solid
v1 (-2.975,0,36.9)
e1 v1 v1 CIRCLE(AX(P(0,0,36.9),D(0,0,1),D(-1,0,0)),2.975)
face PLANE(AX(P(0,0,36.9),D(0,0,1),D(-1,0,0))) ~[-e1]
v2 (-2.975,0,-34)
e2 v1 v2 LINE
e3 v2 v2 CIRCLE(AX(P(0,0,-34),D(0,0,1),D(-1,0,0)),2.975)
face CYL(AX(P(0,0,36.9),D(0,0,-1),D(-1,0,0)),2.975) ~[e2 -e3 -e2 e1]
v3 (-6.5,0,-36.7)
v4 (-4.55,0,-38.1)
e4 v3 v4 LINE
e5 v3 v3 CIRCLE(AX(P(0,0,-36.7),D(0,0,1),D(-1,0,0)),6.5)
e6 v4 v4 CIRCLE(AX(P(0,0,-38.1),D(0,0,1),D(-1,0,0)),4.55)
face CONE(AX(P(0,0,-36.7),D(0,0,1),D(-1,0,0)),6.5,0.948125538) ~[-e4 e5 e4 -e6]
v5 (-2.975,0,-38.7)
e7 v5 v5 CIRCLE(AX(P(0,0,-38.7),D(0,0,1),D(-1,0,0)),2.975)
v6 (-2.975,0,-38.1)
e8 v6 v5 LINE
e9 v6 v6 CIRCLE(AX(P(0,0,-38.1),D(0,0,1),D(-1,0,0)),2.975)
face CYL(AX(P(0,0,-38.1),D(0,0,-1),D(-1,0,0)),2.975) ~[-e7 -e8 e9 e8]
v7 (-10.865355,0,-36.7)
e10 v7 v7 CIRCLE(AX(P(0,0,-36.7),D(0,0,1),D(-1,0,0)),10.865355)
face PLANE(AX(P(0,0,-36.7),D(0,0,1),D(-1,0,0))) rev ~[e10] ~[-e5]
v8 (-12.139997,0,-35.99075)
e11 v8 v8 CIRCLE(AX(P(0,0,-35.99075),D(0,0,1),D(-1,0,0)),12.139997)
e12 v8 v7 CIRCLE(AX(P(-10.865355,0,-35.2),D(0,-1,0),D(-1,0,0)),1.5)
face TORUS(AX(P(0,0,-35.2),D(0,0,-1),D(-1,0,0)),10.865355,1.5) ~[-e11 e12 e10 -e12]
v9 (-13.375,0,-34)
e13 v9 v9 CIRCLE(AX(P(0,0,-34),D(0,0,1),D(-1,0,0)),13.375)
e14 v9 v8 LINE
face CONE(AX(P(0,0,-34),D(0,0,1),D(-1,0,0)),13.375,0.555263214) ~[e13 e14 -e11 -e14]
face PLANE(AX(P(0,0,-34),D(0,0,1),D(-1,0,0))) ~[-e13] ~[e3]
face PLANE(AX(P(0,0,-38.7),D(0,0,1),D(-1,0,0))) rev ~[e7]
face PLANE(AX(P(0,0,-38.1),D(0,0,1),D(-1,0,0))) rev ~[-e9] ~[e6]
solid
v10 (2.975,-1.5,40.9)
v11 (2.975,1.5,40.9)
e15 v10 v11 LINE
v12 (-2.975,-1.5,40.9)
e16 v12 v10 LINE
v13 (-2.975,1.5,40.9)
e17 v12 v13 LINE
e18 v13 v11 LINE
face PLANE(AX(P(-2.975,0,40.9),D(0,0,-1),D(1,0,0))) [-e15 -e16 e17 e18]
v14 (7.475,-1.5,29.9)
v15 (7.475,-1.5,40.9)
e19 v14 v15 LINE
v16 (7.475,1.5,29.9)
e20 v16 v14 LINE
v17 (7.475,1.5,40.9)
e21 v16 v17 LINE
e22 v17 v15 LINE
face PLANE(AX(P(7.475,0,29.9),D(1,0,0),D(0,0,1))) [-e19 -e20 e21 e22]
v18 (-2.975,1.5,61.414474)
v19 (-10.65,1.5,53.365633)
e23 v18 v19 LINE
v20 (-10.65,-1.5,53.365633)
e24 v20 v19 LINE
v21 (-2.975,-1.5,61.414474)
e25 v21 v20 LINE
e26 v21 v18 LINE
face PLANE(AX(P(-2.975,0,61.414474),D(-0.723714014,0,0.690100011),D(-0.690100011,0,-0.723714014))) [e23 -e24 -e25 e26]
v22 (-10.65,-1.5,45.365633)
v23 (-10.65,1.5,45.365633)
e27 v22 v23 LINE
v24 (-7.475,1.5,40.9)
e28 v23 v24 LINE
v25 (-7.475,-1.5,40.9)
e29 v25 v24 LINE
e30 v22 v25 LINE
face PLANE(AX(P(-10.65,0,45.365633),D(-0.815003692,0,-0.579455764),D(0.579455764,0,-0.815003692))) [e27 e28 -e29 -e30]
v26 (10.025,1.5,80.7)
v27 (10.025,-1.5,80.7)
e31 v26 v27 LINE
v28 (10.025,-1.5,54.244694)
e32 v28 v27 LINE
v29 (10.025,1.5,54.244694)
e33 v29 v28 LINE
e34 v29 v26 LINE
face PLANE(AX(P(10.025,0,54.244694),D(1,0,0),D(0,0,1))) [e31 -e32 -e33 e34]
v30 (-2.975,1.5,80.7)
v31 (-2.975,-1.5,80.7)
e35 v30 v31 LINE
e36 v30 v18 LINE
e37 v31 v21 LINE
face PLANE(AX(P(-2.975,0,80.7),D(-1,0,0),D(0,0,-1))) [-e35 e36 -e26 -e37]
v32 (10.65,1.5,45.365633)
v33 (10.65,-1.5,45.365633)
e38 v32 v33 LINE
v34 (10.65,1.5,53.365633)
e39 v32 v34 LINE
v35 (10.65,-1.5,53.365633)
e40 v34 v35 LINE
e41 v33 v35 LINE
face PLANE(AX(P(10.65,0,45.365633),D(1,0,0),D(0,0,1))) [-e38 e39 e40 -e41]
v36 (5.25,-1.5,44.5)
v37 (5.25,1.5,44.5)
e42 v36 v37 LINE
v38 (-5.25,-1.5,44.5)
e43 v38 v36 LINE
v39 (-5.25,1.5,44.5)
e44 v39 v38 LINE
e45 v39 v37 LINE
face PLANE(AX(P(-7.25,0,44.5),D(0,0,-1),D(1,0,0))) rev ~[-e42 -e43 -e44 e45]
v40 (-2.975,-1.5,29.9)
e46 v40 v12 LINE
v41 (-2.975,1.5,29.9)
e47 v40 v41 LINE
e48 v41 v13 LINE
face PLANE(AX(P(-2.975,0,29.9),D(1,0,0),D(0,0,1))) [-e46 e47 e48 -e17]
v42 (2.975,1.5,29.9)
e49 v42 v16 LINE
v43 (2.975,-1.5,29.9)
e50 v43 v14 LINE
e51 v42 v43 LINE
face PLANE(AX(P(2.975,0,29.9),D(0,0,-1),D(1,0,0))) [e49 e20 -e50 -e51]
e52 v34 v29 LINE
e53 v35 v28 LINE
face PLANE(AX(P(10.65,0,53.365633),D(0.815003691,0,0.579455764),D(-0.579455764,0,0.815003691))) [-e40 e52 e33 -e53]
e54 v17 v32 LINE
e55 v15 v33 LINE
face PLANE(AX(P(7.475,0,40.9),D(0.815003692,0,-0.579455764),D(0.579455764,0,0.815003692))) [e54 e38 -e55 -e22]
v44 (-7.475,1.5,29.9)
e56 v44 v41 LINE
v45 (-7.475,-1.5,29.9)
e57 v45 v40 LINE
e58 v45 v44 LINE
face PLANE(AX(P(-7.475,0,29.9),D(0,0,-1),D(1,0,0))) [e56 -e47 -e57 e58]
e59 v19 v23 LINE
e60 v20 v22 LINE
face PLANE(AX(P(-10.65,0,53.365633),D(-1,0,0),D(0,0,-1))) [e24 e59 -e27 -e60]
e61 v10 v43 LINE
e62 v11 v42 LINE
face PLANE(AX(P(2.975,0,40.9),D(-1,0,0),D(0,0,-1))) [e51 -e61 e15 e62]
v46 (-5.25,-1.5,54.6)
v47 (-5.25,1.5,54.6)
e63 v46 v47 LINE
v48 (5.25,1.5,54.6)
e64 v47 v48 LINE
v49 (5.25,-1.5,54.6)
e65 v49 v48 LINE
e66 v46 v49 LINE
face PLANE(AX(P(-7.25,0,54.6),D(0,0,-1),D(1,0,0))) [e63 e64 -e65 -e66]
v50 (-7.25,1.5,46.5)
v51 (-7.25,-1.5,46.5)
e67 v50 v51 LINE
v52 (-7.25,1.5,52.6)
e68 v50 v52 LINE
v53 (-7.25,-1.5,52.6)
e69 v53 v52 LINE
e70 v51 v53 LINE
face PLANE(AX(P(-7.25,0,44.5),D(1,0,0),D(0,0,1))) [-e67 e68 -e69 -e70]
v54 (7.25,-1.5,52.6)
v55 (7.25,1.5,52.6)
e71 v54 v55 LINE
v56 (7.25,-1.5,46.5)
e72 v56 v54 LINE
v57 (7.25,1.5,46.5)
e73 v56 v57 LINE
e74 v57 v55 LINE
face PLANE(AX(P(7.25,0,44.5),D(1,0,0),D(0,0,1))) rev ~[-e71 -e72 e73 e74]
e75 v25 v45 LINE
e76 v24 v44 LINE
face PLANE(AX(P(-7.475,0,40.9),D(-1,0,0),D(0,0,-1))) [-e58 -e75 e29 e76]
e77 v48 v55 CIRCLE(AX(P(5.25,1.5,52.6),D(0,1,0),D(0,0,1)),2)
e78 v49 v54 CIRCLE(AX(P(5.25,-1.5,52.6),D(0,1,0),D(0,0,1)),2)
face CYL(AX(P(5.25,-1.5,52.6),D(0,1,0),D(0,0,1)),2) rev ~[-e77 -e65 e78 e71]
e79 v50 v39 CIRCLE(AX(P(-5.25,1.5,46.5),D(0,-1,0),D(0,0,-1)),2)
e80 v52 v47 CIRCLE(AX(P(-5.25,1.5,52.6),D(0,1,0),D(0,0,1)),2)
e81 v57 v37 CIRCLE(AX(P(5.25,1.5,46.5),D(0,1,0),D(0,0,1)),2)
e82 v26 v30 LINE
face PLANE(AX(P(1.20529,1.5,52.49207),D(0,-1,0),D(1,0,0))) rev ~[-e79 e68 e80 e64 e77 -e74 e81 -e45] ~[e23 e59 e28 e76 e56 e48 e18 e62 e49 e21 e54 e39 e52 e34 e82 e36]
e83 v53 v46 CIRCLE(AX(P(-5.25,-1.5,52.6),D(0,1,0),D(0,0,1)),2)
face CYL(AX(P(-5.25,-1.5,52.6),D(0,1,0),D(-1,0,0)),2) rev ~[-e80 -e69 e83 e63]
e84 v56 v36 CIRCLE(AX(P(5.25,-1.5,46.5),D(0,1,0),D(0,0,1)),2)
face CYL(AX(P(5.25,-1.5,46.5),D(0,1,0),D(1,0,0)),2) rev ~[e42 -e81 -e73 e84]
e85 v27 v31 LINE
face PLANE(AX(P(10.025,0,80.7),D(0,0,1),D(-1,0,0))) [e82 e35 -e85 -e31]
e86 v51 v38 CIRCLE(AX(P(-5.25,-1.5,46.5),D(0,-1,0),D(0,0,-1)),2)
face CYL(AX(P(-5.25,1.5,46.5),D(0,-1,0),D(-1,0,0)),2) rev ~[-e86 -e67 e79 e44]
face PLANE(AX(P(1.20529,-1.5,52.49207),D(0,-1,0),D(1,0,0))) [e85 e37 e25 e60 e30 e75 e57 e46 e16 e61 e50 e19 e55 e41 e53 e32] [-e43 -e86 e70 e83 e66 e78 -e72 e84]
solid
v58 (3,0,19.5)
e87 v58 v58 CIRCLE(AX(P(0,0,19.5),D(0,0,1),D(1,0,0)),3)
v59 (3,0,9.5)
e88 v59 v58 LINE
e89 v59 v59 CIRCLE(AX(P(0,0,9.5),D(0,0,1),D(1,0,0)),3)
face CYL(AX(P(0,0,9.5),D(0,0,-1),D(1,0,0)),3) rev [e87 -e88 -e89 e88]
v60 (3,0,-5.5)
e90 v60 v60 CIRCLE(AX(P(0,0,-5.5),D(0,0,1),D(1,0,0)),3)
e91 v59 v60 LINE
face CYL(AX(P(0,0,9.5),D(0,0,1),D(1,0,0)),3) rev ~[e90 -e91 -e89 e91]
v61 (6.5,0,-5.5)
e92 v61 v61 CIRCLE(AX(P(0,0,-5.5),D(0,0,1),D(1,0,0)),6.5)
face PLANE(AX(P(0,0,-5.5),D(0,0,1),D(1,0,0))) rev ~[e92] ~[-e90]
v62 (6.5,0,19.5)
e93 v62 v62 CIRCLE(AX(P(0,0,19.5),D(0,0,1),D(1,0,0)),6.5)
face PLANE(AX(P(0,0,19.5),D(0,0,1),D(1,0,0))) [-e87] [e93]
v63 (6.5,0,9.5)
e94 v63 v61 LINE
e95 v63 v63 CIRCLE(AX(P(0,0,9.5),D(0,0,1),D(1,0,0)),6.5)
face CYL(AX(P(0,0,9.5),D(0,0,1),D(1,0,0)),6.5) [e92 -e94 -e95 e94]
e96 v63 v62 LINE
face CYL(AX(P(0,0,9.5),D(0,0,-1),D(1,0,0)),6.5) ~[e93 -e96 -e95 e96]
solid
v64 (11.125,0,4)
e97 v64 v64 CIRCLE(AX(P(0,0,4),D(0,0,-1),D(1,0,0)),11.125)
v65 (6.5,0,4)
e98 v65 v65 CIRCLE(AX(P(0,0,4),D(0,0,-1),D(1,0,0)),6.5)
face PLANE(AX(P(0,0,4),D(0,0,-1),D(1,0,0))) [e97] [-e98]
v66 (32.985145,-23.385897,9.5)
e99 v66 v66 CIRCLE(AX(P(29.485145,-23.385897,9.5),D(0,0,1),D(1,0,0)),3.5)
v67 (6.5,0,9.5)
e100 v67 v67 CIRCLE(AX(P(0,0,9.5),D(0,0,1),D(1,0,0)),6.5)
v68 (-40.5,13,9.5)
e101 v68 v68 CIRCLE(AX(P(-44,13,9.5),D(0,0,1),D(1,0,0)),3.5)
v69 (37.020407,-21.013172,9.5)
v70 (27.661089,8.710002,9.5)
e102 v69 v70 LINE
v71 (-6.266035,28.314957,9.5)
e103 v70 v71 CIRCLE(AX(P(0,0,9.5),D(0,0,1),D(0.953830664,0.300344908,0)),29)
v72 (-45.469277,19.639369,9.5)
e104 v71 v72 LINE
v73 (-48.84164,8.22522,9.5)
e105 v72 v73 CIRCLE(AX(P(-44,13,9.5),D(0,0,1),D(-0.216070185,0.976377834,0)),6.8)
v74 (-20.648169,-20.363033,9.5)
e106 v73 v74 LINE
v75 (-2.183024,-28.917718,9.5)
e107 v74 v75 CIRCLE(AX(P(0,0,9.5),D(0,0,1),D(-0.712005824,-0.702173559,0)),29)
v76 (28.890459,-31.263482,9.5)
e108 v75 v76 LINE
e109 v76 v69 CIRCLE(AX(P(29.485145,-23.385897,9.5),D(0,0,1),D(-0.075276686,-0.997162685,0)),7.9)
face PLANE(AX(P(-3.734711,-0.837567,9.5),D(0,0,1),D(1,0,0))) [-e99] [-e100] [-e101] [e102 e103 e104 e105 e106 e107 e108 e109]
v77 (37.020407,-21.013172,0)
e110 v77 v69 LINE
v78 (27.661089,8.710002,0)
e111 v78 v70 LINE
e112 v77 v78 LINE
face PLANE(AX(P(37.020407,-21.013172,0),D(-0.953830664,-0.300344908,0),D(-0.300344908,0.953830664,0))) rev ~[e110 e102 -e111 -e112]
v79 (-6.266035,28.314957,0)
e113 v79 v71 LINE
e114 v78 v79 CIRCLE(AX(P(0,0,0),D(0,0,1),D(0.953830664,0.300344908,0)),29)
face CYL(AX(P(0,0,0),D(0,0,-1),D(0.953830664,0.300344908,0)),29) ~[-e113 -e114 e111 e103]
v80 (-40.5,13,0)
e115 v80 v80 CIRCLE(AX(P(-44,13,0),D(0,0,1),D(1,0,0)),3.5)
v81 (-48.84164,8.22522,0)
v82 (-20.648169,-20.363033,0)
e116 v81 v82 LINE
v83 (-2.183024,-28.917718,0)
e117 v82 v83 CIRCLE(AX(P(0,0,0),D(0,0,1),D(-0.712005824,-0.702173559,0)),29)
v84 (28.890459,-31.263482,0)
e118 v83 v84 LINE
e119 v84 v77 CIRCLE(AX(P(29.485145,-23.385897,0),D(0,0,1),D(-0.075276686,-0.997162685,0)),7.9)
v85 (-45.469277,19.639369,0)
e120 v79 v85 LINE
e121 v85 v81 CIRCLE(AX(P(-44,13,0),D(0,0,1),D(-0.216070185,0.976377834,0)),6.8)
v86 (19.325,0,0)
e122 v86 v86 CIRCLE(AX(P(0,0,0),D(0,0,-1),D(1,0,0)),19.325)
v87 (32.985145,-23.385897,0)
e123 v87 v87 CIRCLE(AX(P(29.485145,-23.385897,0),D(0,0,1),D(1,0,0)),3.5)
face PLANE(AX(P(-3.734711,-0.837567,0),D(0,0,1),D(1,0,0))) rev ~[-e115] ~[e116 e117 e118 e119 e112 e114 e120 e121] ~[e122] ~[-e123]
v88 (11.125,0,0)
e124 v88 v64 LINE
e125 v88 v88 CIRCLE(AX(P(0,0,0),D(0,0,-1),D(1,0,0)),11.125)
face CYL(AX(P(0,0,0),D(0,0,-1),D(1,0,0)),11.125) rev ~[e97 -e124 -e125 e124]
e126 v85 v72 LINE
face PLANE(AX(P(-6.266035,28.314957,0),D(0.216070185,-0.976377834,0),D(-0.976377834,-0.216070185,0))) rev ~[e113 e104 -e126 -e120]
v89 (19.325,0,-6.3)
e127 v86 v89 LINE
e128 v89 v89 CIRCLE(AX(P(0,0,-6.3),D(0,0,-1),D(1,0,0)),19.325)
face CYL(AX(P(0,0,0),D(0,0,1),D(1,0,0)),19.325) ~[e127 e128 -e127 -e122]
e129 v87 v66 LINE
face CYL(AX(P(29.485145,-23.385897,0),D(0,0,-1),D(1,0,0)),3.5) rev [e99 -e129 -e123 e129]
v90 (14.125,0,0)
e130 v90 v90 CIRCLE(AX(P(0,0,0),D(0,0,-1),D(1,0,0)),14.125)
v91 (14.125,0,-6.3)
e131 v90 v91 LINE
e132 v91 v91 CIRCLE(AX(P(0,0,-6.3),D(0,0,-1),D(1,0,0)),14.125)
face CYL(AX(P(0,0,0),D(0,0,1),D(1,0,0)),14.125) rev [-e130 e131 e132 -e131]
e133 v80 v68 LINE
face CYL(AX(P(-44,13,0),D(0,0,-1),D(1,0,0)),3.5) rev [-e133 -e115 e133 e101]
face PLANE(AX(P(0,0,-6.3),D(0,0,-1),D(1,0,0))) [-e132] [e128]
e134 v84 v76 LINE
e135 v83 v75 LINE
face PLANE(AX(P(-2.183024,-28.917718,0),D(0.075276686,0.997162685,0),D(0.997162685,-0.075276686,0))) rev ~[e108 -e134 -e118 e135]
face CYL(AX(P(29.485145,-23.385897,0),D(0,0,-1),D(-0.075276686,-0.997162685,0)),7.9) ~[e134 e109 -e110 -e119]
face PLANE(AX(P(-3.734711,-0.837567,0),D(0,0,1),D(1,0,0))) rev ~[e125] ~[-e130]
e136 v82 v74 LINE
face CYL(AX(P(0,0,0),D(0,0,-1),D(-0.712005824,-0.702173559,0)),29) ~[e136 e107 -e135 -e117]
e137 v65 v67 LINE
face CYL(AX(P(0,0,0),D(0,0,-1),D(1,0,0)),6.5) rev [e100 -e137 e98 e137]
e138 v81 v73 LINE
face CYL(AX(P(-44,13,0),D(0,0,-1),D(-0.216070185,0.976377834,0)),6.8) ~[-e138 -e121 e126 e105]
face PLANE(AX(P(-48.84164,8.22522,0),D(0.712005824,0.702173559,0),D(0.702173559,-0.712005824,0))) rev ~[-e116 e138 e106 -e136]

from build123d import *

# Parameters (mm, degrees)
F0_R          = 3.5
F0_R_2        = 6.5
F1_DEPTH      = 9.5
F2_R          = 19.325
F2_R_2        = 14.125
F3_DEPTH      = 6.3
F4_R          = 11.125
F5_DEPTH      = 4
F6_R          = 6.5
F6_R_2        = 3
F7_DEPTH      = 15
F7_DEPTH_BACK = 10
F10_R         = 1.5
F11_W         = 14.5
F11_H         = 10.1
F12_DEPTH     = 1.5
F13_R         = 2


with BuildPart() as f1:
    # F0 (on Top) → F1 (new body)
    with BuildSketch(Plane.XY):
        with BuildLine():
            Line((-6.2660353757, 28.31495719), (-45.4692772605, 19.6393692721))
            ThreePointArc((-45.4692772605, 19.6393692721), (-50.5213204148, 14.9267537589), (-48.8416396041, 8.2252198015))
            Line((-48.8416396041, 8.2252198015), (-20.6481688998, -20.3630331995))
            ThreePointArc((-20.6481688998, -20.3630331995), (-12.1906315945, -26.313276142), (-2.183023906, -28.9177178668))
            Line((-2.183023906, -28.9177178668), (28.8904588593, -31.2634823573))
            ThreePointArc((28.8904588593, -31.2634823573), (35.6746611406, -28.2950606187), (37.0204069292, -21.0131723688))
            Line((37.0204069292, -21.0131723688), (27.6610892621, 8.7100023441))
            ThreePointArc((27.6610892621, 8.7100023441), (14.5095019325, 25.1092483693), (-6.2660353757, 28.31495719))
        make_face()
        with Locations((29.485144682, -23.3858971453)):
            Circle(F0_R, mode=Mode.SUBTRACT)
        with Locations((-44, 13)):
            Circle(F0_R, mode=Mode.SUBTRACT)
        Circle(F0_R_2, mode=Mode.SUBTRACT)
    extrude(amount=F1_DEPTH)

    # F2 (on face) → F3 (join)
    with BuildSketch(Plane(origin=(0, 0, 0), x_dir=(1, 0, 0), z_dir=(0, 0, -1))):
        Circle(F2_R)
        Circle(F2_R_2, mode=Mode.SUBTRACT)
    extrude(amount=F3_DEPTH)

    # F4 (on face) → F5 (cut)
    with BuildSketch(Plane(origin=(0, 0, 0), x_dir=(1, 0, 0), z_dir=(0, 0, -1))):
        Circle(F4_R)
    extrude(amount=-F5_DEPTH, mode=Mode.SUBTRACT)


with BuildPart() as f7:
    # F6 (on face) → F7 (new body, two sides)
    with BuildSketch(Plane.XY.offset(9.5)) as f7_sk:
        Circle(F6_R)
        Circle(F6_R_2, mode=Mode.SUBTRACT)
    extrude(amount=-F7_DEPTH)
    extrude(f7_sk.sketch, amount=F7_DEPTH_BACK)


with BuildPart() as f9:
    # F8 (on Front) → F9 (revolve)
    with BuildSketch(Plane.XZ):
        Polygon((0, -38.7), (0, 36.9), (-2.975, 36.9), (-2.975, -34), (-13.375, -34), (-11.7, -36.7), (-6.5, -36.7), (-4.55, -38.1), (-2.975, -38.1), (-2.975, -38.7), align=None)
    revolve(axis=Axis((0, 0, -0.9), (0, 0, 1)))

    # F10
    f10_edges = [f9.edges().sort_by_distance(p)[0] for p in [
        (11.7, 0, -36.7),
    ]]
    fillet(f10_edges, radius=F10_R)


with BuildPart() as f12:
    # F11 (on Front) → F12 (new body, symmetric)
    with BuildSketch(Plane.XZ):
        Polygon((2.975, 40.9), (2.975, 29.9), (7.475, 29.9), (7.475, 40.9), (10.65, 45.3656328917), (10.65, 53.3656328917), (10.025, 54.2446944845), (10.025, 80.7), (-2.975, 80.7), (-2.975, 61.4144735986), (-10.65, 53.3656328917), (-10.65, 45.3656328917), (-7.475, 40.9), (-7.475, 29.9), (-2.975, 29.9), (-2.975, 40.9), align=None)
        with Locations((0, 49.55)):
            Rectangle(F11_W, F11_H, mode=Mode.SUBTRACT)
    extrude(amount=F12_DEPTH, both=True)

    # F13
    f13_edges = [f12.edges().sort_by_distance(p)[0] for p in [
        (7.25, 0, 54.6),
        (7.25, 0, 44.5),
        (-7.25, 0, 44.5),
        (-7.25, 0, 54.6),
    ]]
    fillet(f13_edges, radius=F13_R)


solid = Compound([f1.part, f7.part, f9.part, f12.part])
